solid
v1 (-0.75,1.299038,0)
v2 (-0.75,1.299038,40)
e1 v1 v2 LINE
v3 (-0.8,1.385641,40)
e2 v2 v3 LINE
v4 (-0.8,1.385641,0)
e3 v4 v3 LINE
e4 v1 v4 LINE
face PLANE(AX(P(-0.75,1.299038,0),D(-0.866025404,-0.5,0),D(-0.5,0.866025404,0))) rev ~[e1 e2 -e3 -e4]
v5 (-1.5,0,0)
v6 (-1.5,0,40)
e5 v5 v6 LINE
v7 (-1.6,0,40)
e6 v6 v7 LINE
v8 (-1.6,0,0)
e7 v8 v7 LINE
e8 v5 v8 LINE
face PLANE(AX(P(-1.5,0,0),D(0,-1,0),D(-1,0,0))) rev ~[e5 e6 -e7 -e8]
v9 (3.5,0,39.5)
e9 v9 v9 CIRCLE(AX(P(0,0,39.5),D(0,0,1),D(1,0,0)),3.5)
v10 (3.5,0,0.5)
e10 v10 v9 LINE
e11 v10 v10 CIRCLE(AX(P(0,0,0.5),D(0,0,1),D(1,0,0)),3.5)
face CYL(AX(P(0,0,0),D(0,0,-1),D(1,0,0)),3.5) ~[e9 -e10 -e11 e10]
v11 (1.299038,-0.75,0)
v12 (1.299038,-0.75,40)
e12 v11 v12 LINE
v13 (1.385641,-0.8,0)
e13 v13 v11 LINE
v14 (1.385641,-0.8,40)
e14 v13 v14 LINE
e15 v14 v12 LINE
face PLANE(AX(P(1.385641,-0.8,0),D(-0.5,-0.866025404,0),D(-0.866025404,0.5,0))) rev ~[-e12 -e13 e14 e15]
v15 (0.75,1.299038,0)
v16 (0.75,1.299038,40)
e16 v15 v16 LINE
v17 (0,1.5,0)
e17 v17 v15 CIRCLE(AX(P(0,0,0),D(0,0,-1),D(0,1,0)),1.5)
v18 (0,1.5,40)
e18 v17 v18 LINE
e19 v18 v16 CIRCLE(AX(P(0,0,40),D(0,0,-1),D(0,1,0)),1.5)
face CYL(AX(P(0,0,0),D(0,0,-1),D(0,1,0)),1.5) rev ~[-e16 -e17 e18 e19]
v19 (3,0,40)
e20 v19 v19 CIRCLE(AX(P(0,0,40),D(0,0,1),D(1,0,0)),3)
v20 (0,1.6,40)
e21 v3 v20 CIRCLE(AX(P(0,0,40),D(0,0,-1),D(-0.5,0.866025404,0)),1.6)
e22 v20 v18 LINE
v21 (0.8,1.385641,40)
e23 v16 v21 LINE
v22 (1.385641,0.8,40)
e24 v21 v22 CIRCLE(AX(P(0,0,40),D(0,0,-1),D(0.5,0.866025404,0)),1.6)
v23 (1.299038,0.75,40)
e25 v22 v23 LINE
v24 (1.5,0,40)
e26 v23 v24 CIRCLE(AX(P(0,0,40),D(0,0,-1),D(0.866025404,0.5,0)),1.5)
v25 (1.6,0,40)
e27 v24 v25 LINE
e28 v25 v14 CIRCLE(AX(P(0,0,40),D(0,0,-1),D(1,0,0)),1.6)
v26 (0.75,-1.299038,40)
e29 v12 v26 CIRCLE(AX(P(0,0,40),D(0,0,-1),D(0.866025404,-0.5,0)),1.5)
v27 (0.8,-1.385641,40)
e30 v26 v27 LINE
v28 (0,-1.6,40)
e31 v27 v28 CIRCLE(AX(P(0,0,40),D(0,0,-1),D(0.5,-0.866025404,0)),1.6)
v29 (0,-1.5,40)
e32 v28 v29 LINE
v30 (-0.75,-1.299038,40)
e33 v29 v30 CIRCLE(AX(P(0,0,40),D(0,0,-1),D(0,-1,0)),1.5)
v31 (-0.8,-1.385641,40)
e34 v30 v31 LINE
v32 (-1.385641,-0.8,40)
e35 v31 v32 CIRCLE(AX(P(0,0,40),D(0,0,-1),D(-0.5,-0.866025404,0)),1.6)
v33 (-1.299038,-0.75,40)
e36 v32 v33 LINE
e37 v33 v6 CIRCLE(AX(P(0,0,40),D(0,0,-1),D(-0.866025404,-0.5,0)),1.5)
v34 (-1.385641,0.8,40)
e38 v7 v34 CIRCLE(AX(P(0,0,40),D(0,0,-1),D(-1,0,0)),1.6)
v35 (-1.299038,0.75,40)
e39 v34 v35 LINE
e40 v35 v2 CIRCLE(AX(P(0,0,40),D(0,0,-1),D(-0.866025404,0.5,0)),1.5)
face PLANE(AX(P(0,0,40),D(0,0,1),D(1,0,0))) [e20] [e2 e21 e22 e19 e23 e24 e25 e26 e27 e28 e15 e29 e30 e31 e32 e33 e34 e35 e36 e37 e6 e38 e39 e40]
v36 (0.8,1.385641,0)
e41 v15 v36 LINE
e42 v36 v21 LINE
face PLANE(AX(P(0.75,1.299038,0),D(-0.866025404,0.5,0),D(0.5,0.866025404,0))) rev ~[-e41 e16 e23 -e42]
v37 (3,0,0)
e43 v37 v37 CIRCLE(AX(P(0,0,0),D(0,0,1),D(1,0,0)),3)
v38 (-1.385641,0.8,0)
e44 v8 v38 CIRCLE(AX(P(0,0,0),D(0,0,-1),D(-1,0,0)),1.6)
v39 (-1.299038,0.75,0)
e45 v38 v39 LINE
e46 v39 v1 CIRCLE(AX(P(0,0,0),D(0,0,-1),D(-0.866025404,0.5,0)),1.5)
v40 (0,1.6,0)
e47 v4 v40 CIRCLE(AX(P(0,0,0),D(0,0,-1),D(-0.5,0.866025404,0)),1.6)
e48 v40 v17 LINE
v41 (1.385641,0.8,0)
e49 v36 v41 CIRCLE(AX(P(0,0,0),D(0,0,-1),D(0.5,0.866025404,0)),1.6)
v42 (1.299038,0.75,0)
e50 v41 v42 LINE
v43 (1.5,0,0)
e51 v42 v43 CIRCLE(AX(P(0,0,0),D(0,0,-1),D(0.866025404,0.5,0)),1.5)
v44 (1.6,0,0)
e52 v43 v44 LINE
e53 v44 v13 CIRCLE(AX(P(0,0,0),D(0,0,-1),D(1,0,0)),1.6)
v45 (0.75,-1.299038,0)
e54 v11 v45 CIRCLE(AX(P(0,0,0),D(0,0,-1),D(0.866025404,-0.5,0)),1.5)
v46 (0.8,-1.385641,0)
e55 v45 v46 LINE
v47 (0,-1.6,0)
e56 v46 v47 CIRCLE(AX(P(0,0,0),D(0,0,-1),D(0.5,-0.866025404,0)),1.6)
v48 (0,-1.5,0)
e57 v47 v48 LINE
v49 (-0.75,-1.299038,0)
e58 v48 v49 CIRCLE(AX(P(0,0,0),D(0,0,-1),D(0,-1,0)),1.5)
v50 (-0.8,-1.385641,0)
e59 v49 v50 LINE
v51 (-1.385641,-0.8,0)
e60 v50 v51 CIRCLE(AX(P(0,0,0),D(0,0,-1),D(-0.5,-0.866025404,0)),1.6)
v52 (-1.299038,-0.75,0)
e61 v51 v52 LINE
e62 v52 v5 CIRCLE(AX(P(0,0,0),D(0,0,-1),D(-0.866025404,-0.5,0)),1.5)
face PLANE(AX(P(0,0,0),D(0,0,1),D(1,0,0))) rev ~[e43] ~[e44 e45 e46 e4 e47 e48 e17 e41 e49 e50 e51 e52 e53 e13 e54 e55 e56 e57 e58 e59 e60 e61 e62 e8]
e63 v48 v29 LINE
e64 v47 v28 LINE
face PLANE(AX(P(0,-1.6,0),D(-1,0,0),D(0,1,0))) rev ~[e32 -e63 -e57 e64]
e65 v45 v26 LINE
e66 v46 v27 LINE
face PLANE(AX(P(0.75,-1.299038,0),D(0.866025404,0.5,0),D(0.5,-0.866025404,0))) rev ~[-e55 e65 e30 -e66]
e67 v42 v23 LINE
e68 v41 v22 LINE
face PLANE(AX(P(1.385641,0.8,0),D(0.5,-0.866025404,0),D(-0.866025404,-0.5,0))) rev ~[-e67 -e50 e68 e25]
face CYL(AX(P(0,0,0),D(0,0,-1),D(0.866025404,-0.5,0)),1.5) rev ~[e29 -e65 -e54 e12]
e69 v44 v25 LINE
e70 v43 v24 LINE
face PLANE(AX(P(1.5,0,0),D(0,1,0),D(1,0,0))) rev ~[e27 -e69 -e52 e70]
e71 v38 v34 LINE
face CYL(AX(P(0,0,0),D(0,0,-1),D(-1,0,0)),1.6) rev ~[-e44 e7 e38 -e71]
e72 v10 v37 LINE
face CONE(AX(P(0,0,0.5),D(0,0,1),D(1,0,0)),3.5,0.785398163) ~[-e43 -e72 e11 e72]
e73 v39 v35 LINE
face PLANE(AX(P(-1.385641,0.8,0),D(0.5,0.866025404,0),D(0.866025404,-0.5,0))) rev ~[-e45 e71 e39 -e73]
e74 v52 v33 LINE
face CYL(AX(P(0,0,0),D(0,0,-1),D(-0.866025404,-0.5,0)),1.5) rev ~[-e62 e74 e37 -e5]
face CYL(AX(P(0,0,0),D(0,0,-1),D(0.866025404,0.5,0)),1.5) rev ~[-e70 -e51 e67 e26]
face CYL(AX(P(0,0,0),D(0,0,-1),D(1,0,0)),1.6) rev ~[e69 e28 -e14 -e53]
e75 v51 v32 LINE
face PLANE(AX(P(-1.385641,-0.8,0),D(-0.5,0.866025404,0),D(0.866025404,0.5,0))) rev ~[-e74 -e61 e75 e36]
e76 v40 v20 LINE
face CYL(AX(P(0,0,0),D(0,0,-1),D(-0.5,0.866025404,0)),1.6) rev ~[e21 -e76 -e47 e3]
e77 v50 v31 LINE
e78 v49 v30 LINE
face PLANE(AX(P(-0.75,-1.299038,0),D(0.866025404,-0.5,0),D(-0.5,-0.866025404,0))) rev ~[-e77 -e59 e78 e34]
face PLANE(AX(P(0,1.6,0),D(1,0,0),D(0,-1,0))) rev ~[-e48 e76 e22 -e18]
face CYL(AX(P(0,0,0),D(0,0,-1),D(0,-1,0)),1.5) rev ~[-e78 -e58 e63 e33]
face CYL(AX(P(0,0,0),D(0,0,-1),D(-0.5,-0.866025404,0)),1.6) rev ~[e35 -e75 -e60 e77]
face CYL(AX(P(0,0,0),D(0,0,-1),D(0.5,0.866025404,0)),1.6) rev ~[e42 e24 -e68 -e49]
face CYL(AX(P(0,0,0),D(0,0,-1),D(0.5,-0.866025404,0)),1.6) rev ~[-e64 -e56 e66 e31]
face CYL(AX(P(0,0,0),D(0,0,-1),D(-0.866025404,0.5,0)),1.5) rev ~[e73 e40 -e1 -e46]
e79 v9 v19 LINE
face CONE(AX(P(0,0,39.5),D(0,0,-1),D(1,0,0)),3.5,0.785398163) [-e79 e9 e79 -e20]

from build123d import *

# Parameters (mm, degrees)
F0_R     = 3.5
F1_DEPTH = 40
F2_SIZE  = 0.5


with BuildPart() as f1:
    # F0 (on Top) → F1 (new body)
    with BuildSketch(Plane.XY):
        Circle(F0_R)
        with BuildLine():
            ThreePointArc((-1.3856406461, 0.8), (-1.1313708499, 1.1313708499), (-0.8, 1.3856406461))
            ThreePointArc((-0.8, 1.3856406461), (-0.4141104722, 1.5454813221), (0, 1.6))
            ThreePointArc((0, 1.6), (0.4141104722, 1.5454813221), (0.8, 1.3856406461))
            ThreePointArc((0.8, 1.3856406461), (1.1313708499, 1.1313708499), (1.3856406461, 0.8))
            ThreePointArc((1.3856406461, 0.8), (1.5454813221, 0.4141104722), (1.6, 0))
            ThreePointArc((1.6, 0), (1.5454813221, -0.4141104722), (1.3856406461, -0.8))
            ThreePointArc((1.3856406461, -0.8), (1.1313708499, -1.1313708499), (0.8, -1.3856406461))
            ThreePointArc((0.8, -1.3856406461), (0.4141104722, -1.5454813221), (0, -1.6))
            ThreePointArc((0, -1.6), (-0.4141104722, -1.5454813221), (-0.8, -1.3856406461))
            ThreePointArc((-0.8, -1.3856406461), (-1.1313708499, -1.1313708499), (-1.3856406461, -0.8))
            ThreePointArc((-1.3856406461, -0.8), (-1.5454813221, -0.4141104722), (-1.6, 0))
            ThreePointArc((-1.6, 0), (-1.5454813221, 0.4141104722), (-1.3856406461, 0.8))
        make_face(mode=Mode.SUBTRACT)
        with BuildLine():
            ThreePointArc((-1.2990381057, 0.75), (-1.0606601718, 1.0606601718), (-0.75, 1.2990381057))
            Line((-0.75, 1.2990381057), (-0.8, 1.3856406461))
            ThreePointArc((-0.8, 1.3856406461), (-1.1313708499, 1.1313708499), (-1.3856406461, 0.8))
            Line((-1.3856406461, 0.8), (-1.2990381057, 0.75))
        make_face()
        with BuildLine():
            Line((-1.5, 0), (-1.6, 0))
            ThreePointArc((-1.6, 0), (-1.5454813221, -0.4141104722), (-1.3856406461, -0.8))
            Line((-1.3856406461, -0.8), (-1.2990381057, -0.75))
            ThreePointArc((-1.2990381057, -0.75), (-1.4488887394, -0.3882285677), (-1.5, 0))
        make_face()
        with BuildLine():
            Line((-0.75, -1.2990381057), (-0.8, -1.3856406461))
            ThreePointArc((-0.8, -1.3856406461), (-0.4141104722, -1.5454813221), (0, -1.6))
            Line((0, -1.6), (0, -1.5))
            ThreePointArc((0, -1.5), (-0.3882285677, -1.4488887394), (-0.75, -1.2990381057))
        make_face()
        with BuildLine():
            ThreePointArc((0.8, -1.3856406461), (1.1313708499, -1.1313708499), (1.3856406461, -0.8))
            Line((1.3856406461, -0.8), (1.2990381057, -0.75))
            ThreePointArc((1.2990381057, -0.75), (1.0606601718, -1.0606601718), (0.75, -1.2990381057))
            Line((0.75, -1.2990381057), (0.8, -1.3856406461))
        make_face()
        with BuildLine():
            ThreePointArc((1.6, 0), (1.5454813221, 0.4141104722), (1.3856406461, 0.8))
            Line((1.3856406461, 0.8), (1.2990381057, 0.75))
            ThreePointArc((1.2990381057, 0.75), (1.4488887394, 0.3882285677), (1.5, 0))
            Line((1.5, 0), (1.6, 0))
        make_face()
        with BuildLine():
            ThreePointArc((0.8, 1.3856406461), (0.4141104722, 1.5454813221), (0, 1.6))
            Line((0, 1.6), (0, 1.5))
            ThreePointArc((0, 1.5), (0.3882285677, 1.4488887394), (0.75, 1.2990381057))
            Line((0.75, 1.2990381057), (0.8, 1.3856406461))
        make_face()
    extrude(amount=F1_DEPTH)

    # F2
    f2_edges = [f1.edges().sort_by_distance(p)[0] for p in [
        (-3.5, 0, 40),
        (-3.5, 0, 0),
    ]]
    chamfer(f2_edges, length=F2_SIZE)


solid = f1.part
